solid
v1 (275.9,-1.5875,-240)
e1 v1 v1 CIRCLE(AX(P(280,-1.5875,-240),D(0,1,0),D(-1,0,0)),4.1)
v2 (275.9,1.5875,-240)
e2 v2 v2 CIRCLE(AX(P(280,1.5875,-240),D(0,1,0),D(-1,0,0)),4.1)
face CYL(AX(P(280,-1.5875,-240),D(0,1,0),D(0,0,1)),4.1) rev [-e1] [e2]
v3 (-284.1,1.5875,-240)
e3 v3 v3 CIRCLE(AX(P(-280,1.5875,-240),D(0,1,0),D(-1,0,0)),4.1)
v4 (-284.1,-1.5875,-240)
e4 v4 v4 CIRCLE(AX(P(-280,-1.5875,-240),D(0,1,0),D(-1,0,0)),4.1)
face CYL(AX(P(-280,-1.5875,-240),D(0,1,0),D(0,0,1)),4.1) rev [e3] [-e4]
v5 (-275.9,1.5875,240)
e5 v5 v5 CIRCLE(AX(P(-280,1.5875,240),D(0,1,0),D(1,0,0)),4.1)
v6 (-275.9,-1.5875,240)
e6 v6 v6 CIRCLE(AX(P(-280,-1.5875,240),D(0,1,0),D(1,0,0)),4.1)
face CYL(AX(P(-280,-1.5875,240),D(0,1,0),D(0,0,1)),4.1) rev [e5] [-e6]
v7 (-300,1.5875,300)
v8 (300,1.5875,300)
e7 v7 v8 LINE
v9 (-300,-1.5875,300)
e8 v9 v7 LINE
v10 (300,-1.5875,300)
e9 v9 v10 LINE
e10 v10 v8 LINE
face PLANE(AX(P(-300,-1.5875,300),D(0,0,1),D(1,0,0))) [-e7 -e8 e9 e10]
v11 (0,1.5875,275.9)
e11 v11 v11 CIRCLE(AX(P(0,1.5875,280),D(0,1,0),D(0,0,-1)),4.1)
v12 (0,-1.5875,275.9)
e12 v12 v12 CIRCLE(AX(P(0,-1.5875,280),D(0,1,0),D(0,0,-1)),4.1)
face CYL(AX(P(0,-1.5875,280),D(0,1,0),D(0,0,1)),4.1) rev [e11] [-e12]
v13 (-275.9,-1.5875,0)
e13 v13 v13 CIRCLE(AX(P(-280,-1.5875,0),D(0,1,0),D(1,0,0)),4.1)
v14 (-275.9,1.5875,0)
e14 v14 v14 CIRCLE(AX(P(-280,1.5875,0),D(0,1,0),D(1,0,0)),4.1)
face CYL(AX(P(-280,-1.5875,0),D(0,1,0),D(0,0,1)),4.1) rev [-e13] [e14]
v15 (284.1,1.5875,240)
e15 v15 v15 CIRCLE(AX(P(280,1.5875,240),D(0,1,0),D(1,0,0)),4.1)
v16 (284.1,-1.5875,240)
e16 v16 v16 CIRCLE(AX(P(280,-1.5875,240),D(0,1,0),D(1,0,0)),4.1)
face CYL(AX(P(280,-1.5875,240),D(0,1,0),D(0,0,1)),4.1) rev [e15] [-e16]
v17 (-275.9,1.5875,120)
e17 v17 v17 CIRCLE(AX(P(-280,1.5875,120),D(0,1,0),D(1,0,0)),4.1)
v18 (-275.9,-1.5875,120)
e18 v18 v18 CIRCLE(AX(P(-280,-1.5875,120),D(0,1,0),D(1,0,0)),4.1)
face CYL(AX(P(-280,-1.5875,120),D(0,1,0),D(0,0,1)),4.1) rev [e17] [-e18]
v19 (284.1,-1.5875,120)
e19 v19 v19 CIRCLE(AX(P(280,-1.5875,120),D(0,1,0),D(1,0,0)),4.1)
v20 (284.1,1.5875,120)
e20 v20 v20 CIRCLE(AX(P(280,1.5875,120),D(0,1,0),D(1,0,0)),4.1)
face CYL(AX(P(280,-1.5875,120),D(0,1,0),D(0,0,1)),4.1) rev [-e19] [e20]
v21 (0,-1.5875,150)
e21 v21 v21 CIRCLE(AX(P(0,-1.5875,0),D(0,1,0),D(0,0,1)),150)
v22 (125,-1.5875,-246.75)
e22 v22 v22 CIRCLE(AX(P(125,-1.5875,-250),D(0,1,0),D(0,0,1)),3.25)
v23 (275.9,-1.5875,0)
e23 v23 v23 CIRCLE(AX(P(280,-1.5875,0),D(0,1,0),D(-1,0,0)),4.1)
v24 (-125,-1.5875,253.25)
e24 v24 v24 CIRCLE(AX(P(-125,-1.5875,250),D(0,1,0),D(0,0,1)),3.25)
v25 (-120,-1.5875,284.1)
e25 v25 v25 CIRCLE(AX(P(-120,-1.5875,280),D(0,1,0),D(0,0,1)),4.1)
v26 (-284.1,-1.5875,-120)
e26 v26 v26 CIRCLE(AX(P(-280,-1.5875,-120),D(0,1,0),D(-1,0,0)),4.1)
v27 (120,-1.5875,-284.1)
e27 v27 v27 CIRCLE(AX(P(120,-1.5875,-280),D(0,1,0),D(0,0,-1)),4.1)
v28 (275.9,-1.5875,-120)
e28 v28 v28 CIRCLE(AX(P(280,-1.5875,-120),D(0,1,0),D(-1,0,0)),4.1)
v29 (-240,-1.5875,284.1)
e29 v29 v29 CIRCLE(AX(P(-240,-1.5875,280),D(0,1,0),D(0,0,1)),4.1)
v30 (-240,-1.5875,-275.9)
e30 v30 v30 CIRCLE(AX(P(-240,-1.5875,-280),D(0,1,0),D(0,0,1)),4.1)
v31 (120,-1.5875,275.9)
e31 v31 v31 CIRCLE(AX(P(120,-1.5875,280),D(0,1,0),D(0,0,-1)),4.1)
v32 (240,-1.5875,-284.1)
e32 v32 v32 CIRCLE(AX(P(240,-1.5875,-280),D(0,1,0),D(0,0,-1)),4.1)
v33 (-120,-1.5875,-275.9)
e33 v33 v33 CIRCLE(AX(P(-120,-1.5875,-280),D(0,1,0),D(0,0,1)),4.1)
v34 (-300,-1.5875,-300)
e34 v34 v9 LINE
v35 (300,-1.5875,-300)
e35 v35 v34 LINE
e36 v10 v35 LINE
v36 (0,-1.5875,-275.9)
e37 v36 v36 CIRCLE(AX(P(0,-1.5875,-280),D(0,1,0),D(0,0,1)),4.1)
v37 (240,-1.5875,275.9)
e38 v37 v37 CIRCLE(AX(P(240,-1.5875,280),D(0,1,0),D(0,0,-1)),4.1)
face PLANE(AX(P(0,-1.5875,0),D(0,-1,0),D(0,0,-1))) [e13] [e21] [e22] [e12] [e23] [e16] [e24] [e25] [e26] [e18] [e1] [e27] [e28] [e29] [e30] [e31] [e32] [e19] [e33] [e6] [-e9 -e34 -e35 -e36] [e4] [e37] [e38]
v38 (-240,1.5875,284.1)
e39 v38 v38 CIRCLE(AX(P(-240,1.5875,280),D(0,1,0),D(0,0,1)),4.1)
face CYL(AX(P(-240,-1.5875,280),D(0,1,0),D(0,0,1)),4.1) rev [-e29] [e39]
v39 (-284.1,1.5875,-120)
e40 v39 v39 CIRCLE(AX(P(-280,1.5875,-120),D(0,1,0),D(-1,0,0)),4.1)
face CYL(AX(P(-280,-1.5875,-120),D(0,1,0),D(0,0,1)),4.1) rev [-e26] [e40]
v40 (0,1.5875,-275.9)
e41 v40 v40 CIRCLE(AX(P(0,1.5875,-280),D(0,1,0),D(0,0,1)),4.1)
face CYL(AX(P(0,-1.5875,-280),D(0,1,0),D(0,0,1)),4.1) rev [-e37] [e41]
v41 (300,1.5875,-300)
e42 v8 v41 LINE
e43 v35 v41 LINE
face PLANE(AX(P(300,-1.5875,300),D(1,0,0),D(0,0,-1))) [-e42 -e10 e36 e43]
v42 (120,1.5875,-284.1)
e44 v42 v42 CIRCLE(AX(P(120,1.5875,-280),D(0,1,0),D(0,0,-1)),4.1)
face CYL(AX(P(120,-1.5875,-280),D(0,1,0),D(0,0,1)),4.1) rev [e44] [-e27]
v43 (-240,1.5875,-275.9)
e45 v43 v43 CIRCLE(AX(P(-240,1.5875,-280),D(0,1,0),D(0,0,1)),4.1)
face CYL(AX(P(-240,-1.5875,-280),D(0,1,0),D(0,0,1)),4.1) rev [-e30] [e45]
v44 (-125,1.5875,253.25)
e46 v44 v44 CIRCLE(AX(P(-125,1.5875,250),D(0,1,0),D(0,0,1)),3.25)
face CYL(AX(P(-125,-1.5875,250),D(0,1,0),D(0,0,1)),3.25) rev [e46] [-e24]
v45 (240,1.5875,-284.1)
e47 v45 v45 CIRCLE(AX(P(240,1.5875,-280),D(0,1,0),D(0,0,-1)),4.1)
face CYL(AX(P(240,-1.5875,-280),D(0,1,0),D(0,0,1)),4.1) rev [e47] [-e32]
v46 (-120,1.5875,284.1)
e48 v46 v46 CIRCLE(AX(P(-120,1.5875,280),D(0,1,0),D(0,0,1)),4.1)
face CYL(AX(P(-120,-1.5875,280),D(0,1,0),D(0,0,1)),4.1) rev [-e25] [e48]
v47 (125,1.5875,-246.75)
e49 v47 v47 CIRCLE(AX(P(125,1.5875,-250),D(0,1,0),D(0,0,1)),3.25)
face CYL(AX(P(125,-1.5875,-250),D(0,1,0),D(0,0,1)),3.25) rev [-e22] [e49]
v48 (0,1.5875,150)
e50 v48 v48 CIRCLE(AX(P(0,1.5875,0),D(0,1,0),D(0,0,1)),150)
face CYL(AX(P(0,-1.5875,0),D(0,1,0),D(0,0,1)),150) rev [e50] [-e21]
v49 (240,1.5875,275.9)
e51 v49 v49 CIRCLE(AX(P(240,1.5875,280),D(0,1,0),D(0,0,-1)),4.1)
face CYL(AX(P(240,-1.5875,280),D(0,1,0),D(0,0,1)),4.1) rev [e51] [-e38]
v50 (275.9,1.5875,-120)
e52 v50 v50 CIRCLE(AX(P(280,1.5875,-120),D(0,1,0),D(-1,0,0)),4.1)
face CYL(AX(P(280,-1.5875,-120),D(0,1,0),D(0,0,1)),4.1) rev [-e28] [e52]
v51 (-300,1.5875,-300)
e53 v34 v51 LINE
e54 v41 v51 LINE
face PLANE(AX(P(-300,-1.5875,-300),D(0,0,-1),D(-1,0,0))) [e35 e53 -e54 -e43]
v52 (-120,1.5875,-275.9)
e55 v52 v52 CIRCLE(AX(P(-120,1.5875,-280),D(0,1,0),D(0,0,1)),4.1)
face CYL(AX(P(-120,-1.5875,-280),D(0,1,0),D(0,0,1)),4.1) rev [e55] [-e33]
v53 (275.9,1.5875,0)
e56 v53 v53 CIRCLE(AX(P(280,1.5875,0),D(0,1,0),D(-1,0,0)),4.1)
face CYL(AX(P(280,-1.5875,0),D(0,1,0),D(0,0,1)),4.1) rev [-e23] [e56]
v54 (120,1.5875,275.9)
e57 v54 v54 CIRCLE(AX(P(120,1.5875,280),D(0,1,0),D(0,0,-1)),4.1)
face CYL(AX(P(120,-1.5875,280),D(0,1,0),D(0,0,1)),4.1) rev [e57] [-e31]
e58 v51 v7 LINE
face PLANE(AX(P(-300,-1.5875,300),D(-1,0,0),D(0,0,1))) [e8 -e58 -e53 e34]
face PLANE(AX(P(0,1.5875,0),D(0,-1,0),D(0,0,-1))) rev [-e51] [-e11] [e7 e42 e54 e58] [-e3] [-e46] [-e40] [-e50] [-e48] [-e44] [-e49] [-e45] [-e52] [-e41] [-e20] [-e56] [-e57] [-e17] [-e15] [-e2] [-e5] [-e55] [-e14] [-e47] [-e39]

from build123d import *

# Parameters (mm, degrees)
BOSS_EXTRUDE1_DEPTH      = 1.5875
BOSS_EXTRUDE1_DEPTH_BACK = 1.5875
SKETCH1_W                = 600
SKETCH1_H                = 600
SKETCH1_R                = 3.25
SKETCH1_R_2              = 150
SKETCH3_R                = 4.1
CUT_EXTRUDE2_DEPTH       = 425.267038734
CIRPATTERN1_COUNT        = 4


with BuildPart() as part:
    # Sketch1 → Boss-Extrude1 (new, two sides: drawn at the far end of the back side and taken through both)
    with BuildSketch(Plane(origin=(0, 0, 0), x_dir=(1, 0, 0), z_dir=(0, 1, 0)).offset(-BOSS_EXTRUDE1_DEPTH_BACK)):
        Rectangle(SKETCH1_W, SKETCH1_H)
        with Locations((125, 250)):
            Circle(SKETCH1_R, mode=Mode.SUBTRACT)
        with Locations((-125, -250)):
            Circle(SKETCH1_R, mode=Mode.SUBTRACT)
        Circle(SKETCH1_R_2, mode=Mode.SUBTRACT)
    extrude(amount=BOSS_EXTRUDE1_DEPTH + BOSS_EXTRUDE1_DEPTH_BACK)

    # Sketch3 → Cut-Extrude2 (cut, symmetric)
    with BuildSketch(Plane(origin=(0, 0, 0), x_dir=(1, 0, 0), z_dir=(0, 1, 0))):
        with Locations((0, 280)):
            Circle(SKETCH3_R)
        with Locations((-120, 280)):
            Circle(SKETCH3_R)
        with Locations((-240, 280)):
            Circle(SKETCH3_R)
        with Locations((240, 280)):
            Circle(SKETCH3_R)
        with Locations((120, 280)):
            Circle(SKETCH3_R)
    cut_extrude2 = extrude(amount=CUT_EXTRUDE2_DEPTH, both=True, mode=Mode.SUBTRACT)

    # CirPattern1: Cut-Extrude2 ×4 about axis
    cirpattern1_axis = Axis((0, 1.74625, 0), (0, -1, 0))
    for i in range(1, CIRPATTERN1_COUNT):
        add(cut_extrude2.rotate(cirpattern1_axis, i * 360 / CIRPATTERN1_COUNT), mode=Mode.SUBTRACT)


solid = part.part
